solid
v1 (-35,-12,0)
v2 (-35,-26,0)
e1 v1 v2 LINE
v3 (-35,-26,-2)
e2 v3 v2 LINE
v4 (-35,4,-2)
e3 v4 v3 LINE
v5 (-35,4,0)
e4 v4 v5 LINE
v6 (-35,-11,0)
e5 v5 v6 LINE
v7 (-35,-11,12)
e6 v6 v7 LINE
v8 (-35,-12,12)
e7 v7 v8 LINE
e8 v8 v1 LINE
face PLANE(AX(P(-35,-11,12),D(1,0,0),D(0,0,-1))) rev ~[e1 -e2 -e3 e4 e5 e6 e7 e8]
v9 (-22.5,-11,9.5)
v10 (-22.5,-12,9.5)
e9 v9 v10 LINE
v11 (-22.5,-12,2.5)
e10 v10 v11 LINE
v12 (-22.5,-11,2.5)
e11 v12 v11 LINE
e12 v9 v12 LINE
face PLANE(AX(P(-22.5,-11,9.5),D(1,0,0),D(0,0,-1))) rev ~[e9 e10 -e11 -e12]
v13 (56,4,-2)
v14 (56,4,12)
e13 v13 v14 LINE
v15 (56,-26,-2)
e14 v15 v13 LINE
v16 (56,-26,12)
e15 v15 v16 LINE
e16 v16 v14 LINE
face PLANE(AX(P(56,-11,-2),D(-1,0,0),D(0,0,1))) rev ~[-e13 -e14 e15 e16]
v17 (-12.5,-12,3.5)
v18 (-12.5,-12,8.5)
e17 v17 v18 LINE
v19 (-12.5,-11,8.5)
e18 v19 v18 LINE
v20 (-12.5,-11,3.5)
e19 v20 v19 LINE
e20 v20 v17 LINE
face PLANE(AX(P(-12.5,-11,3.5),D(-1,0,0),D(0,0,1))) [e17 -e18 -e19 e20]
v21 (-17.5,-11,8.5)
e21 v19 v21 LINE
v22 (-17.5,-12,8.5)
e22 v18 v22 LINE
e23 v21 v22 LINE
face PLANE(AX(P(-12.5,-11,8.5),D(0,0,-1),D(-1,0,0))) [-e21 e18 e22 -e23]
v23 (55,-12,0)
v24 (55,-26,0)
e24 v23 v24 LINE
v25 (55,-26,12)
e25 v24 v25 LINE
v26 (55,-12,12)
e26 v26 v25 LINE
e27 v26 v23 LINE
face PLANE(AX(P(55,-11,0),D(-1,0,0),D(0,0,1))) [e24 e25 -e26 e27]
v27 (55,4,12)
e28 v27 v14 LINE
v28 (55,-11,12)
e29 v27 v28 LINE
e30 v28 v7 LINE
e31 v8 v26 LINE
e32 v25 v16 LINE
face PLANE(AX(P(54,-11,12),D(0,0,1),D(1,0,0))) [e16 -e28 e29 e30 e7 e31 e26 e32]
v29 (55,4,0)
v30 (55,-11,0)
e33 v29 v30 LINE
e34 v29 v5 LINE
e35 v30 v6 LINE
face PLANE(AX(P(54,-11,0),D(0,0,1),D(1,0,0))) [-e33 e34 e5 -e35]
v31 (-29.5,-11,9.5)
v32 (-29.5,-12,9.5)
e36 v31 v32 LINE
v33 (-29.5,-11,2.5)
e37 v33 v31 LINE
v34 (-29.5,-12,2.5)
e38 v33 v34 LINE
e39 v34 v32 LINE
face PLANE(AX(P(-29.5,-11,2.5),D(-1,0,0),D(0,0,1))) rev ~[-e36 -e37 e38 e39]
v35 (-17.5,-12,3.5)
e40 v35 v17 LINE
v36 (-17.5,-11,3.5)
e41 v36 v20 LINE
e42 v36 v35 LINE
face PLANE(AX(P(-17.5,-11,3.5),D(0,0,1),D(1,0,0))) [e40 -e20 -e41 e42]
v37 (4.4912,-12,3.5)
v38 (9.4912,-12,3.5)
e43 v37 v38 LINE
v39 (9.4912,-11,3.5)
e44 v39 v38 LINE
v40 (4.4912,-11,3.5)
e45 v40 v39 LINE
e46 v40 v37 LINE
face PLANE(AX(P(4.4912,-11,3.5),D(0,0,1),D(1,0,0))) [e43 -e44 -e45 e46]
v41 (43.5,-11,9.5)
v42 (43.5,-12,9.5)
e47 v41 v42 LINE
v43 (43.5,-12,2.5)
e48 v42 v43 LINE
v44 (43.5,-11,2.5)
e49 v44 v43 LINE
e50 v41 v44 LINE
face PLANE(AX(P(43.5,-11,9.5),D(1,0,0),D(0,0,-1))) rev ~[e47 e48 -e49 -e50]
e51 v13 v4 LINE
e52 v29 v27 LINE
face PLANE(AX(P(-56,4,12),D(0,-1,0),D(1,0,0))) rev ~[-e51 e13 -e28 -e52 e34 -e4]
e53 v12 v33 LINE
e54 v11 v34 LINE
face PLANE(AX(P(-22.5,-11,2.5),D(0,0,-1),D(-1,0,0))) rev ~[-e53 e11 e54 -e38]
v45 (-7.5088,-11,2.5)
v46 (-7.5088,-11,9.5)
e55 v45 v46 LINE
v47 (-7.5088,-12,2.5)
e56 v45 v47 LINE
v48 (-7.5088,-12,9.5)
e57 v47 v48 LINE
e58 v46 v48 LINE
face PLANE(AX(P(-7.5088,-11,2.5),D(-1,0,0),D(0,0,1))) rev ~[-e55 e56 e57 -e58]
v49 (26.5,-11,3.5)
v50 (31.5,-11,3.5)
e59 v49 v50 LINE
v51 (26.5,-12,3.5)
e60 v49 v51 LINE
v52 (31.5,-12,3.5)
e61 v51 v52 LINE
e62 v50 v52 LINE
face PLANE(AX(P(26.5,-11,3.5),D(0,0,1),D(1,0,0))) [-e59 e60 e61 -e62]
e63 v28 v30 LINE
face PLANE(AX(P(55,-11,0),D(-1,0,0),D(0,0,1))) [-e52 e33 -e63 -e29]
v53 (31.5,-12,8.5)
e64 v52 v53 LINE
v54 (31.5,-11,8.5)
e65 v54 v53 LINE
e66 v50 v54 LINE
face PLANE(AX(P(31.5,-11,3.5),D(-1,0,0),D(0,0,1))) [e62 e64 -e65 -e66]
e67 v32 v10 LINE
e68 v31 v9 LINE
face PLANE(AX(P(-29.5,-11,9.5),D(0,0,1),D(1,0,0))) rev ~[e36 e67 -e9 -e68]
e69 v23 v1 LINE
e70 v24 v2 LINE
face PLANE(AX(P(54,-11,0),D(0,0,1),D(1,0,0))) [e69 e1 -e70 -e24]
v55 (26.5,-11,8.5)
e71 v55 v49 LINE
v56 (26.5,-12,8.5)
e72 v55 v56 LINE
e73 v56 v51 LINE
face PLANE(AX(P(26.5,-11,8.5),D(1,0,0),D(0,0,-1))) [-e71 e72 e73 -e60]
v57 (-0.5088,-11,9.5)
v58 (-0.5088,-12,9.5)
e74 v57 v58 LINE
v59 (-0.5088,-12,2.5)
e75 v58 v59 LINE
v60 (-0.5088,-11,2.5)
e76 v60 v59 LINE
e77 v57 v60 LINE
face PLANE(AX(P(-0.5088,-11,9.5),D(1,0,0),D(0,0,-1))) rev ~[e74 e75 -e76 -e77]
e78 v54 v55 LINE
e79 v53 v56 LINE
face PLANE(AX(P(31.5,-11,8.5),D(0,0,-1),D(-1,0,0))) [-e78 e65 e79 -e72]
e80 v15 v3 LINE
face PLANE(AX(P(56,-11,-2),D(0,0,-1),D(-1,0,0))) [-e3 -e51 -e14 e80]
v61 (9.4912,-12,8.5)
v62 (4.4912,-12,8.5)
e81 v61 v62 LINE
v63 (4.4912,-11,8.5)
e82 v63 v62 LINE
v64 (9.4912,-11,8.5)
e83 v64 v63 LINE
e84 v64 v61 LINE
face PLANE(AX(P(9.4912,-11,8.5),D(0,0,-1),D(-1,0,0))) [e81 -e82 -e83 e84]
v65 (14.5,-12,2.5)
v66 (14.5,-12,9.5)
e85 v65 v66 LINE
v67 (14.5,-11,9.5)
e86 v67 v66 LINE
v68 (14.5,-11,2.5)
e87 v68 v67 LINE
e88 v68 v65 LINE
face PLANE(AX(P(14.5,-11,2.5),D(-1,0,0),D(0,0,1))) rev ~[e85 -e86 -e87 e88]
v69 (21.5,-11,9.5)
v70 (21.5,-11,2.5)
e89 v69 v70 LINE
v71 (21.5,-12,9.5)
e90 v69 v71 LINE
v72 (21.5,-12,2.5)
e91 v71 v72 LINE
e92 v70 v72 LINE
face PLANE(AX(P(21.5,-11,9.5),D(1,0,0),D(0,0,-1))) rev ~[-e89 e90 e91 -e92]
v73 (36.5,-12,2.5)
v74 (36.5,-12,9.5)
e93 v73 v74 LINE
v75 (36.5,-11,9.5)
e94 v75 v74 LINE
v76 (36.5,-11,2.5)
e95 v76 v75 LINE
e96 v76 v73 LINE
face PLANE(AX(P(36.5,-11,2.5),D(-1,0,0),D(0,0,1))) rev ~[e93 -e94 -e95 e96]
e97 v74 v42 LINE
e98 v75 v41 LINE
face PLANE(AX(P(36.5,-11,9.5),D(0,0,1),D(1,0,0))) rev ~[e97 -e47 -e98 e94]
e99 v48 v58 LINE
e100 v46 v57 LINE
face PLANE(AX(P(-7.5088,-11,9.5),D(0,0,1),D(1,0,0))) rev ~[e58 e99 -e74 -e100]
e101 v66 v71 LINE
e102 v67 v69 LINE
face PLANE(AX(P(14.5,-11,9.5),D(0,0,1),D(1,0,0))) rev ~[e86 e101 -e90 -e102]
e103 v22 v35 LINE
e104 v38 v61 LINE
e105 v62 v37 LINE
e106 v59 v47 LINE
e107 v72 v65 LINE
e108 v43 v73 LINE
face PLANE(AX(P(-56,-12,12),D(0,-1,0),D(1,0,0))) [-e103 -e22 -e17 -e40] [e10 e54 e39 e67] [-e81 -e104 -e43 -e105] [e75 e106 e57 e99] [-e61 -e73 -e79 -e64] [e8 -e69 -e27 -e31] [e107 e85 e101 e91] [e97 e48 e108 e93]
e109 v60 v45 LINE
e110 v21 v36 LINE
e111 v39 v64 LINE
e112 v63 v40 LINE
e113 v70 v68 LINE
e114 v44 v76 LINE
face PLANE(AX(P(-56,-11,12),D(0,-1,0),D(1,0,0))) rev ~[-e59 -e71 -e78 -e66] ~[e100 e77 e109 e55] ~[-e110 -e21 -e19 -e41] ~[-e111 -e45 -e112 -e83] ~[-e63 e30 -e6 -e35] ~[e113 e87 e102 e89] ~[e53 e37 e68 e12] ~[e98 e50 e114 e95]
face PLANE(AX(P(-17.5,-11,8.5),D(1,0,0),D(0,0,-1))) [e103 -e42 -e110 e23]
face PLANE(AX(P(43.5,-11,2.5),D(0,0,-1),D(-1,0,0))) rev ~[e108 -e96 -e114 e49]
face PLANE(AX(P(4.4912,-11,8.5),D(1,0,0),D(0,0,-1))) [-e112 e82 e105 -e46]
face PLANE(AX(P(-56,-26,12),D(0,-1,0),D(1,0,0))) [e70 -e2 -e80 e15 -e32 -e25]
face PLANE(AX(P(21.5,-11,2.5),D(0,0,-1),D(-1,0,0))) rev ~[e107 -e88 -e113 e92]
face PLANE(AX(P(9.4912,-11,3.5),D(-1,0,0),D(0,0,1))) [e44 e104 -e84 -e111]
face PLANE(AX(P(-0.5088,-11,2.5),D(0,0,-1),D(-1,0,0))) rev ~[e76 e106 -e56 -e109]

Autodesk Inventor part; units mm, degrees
ref_plane "YZ Plane" through (0, 0, 0) normal (1, 0, 0) x (0, 1, 0)
ref_plane "XZ Plane" through (0, 0, 0) normal (0, 1, 0) x (-1, 0, 0)
ref_plane "XY Plane" through (0, 0, 0) normal (0, 0, 1) x (1, 0, 0)
sketch "Sketch2" plane through (0, 0, 0) normal (0, 0, 1) x (1, 0, 0)
  line L0 (-54, 10) -> (54, 10)
  line L1 (55, 9) -> (55, -9)
  line L2 (54, -10) -> (-54, -10)
  line L3 (-55, -9) -> (-55, 9)
  line L4 (-55, 10) -> (55, -10) construction
  line L5 (55, 10) -> (-55, -10) construction
  line L6 (53, 8) -> (-53, 8)
  line L7 (-53, 8) -> (-53, -8)
  line L8 (-53, -8) -> (53, -8)
  line L9 (53, -8) -> (53, 8)
  line L10 (56, 11) -> (-56, 11)
  line L11 (-56, 11) -> (-56, -11)
  line L12 (-56, -11) -> (56, -11)
  line L13 (56, -11) -> (56, 11)
  arc A0 (55, 9) -> (54, 10) centre (54, 9) ccw
  arc A1 (54, -10) -> (55, -9) centre (54, -9) ccw
  arc A2 (-55, -9) -> (-54, -10) centre (-54, -9) ccw
  arc A3 (-54, 10) -> (-55, 9) centre (-54, 9) ccw
  point P0 (0, 0)
  dimension "d0" = 110
  dimension "d1" = 20
  dimension "d2" = 2
  dimension "d3" = 1
  dimension "d10" = 1
extrude "Extrusion2" [suppressed]
sketch "Sketch3" plane through (-56, -11, 0) normal (-1, 0, 0) x (0, 0, 1)
  line L0 (7, 17) -> (9, 17)
  line L1 (9, 17) -> (9, 5)
  line L2 (9, 5) -> (7, 5)
  line L3 (7, 5) -> (7, 17)
  line L4 (0, 22) -> (0, 0) projected
  line L5 (0, 22) -> (12, 22) projected
  circle A0 centre (4, 11) radius 2
  line L6 (12, 22) -> (12, 0) projected
  line L7 (0, 11) -> (2, 11) construction
  dimension "d20" = 4
  dimension "d12" = 2
  dimension "d13" = 12
  dimension "d15" = 5
  dimension "d21" = 3
  dimension "d24" = 4
  dimension "d25" = 2
  dimension "d26" = 3
extrude "Extrusion4" [suppressed]
sketch "Sketch4" plane through (-54, 10, 12) normal (0, -1, 0) x (1, 0, 0)
  line L0 (3.4899, -1) -> (43.4899, -1)
  line L1 (43.4899, -1) -> (43.4899, 0)
  line L2 (43.4899, 0) -> (3.4899, 0)
  line L3 (3.4899, 0) -> (3.4899, -1)
  line L4 (0, 0) -> (108, 0) projected
  point P0 (54, -12)
  dimension "d27" = 1
  dimension "d28" = 40
extrude "Extrusion6" [suppressed]
ref_plane "Work Plane1" through (-56, -11, 12) normal (0, -1, 0) x (1, 0, 0)
sketch "Sketch5" plane through (-56, -11, 12) normal (0, -1, 0) x (1, 0, 0)
  line L0 (111, -12) -> (111, 0) construction
  line L1 (111, -6) -> (1, -6) construction
  line L2 (1, -12) -> (1, 0) construction
  line L3 (38.5, -3.5) -> (38.5, -8.5)
  line L4 (38.5, -8.5) -> (43.5, -8.5)
  line L5 (43.5, -8.5) -> (43.5, -3.5)
  line L6 (43.5, -3.5) -> (38.5, -3.5)
  line L7 (38.5, -3.5) -> (43.5, -8.5) construction
  line L8 (38.5, -8.5) -> (43.5, -3.5) construction
  line L9 (26.5, -9.5) -> (26.5, -2.5)
  line L10 (26.5, -2.5) -> (33.5, -2.5)
  line L11 (33.5, -2.5) -> (33.5, -9.5)
  line L12 (33.5, -9.5) -> (26.5, -9.5)
  line L13 (26.5, -9.5) -> (33.5, -2.5) construction
  line L14 (26.5, -2.5) -> (33.5, -9.5) construction
  line L15 (60.4912, -8.5) -> (65.4912, -8.5)
  line L16 (65.4912, -8.5) -> (65.4912, -3.5)
  line L17 (65.4912, -3.5) -> (60.4912, -3.5)
  line L18 (60.4912, -3.5) -> (65.4912, -8.5) construction
  line L19 (60.4912, -3.5) -> (60.4912, -8.5)
  line L20 (60.4912, -8.5) -> (65.4912, -3.5) construction
  line L21 (55.4912, -9.5) -> (48.4912, -9.5)
  line L22 (48.4912, -9.5) -> (48.4912, -2.5)
  line L23 (55.4912, -2.5) -> (55.4912, -9.5)
  line L24 (48.4912, -9.5) -> (55.4912, -2.5) construction
  line L25 (48.4912, -2.5) -> (55.4912, -9.5) construction
  line L26 (48.4912, -2.5) -> (55.4912, -2.5)
  line L27 (77.5, -9.5) -> (70.5, -9.5)
  line L28 (77.5, -2.5) -> (77.5, -9.5)
  line L29 (70.5, -2.5) -> (77.5, -2.5)
  line L30 (70.5, -2.5) -> (77.5, -9.5) construction
  line L31 (70.5, -9.5) -> (70.5, -2.5)
  line L32 (70.5, -9.5) -> (77.5, -2.5) construction
  line L33 (82.5, -3.5) -> (82.5, -8.5)
  line L34 (87.5, -3.5) -> (82.5, -3.5)
  line L35 (82.5, -3.5) -> (87.5, -8.5) construction
  line L36 (82.5, -8.5) -> (87.5, -3.5) construction
  line L37 (87.5, -8.5) -> (87.5, -3.5)
  line L38 (82.5, -8.5) -> (87.5, -8.5)
  line L39 (99.5, -9.5) -> (92.5, -9.5)
  line L40 (99.5, -2.5) -> (99.5, -9.5)
  line L41 (92.5, -2.5) -> (99.5, -2.5)
  line L42 (92.5, -2.5) -> (99.5, -9.5) construction
  line L43 (92.5, -9.5) -> (92.5, -2.5)
  line L44 (92.5, -9.5) -> (99.5, -2.5) construction
  line L45 (106, -6) -> (30, -6) construction
  line L46 (110, 0) -> (111, 0) projected
  line L47 (110, -12) -> (2, -12) projected
  line L48 (111, 0) -> (21, 0)
  line L49 (21, 0) -> (21, -12)
  line L50 (21, -12) -> (111, -12)
  line L51 (111, -12) -> (111, 0)
  line L52 (112, -14) -> (112, 0) projected
  line L53 (111, 0) -> (112, 0)
  line L54 (112, 0) -> (112, -14)
  line L55 (112, -14) -> (21, -14)
  line L56 (0, -14) -> (112, -14) projected
  line L57 (21, -14) -> (21, -12)
  point P0 (41, -6)
  point P1 (62.9912, -6)
  point P2 (51.9912, -6)
  point P3 (74, -6)
  point P4 (85, -6)
  point P5 (96, -6)
  dimension "d47" = 5
  dimension "d48" = 5
  dimension "d49" = 7
  dimension "d50" = 7
  dimension "d51" = 5
  dimension "d52" = 5
  dimension "d53" = 7
  dimension "d54" = 7
  dimension "d55" = 5
  dimension "d56" = 5
  dimension "d57" = 7
  dimension "d58" = 7
  dimension "d59" = 7
  dimension "d60" = 7
  dimension "d61" = 5
  dimension "d62" = 90
  dimension "d63" = 12
extrude "Extrusion7" add sketch "Sketch5" along normal blind 1
extrude "Extrusion8" add sketch "Sketch5" along normal mid plane 30 contours L53 L52 L55 L57 L47 L50 L51
properties part number "sdm_finger_marker_jig"
